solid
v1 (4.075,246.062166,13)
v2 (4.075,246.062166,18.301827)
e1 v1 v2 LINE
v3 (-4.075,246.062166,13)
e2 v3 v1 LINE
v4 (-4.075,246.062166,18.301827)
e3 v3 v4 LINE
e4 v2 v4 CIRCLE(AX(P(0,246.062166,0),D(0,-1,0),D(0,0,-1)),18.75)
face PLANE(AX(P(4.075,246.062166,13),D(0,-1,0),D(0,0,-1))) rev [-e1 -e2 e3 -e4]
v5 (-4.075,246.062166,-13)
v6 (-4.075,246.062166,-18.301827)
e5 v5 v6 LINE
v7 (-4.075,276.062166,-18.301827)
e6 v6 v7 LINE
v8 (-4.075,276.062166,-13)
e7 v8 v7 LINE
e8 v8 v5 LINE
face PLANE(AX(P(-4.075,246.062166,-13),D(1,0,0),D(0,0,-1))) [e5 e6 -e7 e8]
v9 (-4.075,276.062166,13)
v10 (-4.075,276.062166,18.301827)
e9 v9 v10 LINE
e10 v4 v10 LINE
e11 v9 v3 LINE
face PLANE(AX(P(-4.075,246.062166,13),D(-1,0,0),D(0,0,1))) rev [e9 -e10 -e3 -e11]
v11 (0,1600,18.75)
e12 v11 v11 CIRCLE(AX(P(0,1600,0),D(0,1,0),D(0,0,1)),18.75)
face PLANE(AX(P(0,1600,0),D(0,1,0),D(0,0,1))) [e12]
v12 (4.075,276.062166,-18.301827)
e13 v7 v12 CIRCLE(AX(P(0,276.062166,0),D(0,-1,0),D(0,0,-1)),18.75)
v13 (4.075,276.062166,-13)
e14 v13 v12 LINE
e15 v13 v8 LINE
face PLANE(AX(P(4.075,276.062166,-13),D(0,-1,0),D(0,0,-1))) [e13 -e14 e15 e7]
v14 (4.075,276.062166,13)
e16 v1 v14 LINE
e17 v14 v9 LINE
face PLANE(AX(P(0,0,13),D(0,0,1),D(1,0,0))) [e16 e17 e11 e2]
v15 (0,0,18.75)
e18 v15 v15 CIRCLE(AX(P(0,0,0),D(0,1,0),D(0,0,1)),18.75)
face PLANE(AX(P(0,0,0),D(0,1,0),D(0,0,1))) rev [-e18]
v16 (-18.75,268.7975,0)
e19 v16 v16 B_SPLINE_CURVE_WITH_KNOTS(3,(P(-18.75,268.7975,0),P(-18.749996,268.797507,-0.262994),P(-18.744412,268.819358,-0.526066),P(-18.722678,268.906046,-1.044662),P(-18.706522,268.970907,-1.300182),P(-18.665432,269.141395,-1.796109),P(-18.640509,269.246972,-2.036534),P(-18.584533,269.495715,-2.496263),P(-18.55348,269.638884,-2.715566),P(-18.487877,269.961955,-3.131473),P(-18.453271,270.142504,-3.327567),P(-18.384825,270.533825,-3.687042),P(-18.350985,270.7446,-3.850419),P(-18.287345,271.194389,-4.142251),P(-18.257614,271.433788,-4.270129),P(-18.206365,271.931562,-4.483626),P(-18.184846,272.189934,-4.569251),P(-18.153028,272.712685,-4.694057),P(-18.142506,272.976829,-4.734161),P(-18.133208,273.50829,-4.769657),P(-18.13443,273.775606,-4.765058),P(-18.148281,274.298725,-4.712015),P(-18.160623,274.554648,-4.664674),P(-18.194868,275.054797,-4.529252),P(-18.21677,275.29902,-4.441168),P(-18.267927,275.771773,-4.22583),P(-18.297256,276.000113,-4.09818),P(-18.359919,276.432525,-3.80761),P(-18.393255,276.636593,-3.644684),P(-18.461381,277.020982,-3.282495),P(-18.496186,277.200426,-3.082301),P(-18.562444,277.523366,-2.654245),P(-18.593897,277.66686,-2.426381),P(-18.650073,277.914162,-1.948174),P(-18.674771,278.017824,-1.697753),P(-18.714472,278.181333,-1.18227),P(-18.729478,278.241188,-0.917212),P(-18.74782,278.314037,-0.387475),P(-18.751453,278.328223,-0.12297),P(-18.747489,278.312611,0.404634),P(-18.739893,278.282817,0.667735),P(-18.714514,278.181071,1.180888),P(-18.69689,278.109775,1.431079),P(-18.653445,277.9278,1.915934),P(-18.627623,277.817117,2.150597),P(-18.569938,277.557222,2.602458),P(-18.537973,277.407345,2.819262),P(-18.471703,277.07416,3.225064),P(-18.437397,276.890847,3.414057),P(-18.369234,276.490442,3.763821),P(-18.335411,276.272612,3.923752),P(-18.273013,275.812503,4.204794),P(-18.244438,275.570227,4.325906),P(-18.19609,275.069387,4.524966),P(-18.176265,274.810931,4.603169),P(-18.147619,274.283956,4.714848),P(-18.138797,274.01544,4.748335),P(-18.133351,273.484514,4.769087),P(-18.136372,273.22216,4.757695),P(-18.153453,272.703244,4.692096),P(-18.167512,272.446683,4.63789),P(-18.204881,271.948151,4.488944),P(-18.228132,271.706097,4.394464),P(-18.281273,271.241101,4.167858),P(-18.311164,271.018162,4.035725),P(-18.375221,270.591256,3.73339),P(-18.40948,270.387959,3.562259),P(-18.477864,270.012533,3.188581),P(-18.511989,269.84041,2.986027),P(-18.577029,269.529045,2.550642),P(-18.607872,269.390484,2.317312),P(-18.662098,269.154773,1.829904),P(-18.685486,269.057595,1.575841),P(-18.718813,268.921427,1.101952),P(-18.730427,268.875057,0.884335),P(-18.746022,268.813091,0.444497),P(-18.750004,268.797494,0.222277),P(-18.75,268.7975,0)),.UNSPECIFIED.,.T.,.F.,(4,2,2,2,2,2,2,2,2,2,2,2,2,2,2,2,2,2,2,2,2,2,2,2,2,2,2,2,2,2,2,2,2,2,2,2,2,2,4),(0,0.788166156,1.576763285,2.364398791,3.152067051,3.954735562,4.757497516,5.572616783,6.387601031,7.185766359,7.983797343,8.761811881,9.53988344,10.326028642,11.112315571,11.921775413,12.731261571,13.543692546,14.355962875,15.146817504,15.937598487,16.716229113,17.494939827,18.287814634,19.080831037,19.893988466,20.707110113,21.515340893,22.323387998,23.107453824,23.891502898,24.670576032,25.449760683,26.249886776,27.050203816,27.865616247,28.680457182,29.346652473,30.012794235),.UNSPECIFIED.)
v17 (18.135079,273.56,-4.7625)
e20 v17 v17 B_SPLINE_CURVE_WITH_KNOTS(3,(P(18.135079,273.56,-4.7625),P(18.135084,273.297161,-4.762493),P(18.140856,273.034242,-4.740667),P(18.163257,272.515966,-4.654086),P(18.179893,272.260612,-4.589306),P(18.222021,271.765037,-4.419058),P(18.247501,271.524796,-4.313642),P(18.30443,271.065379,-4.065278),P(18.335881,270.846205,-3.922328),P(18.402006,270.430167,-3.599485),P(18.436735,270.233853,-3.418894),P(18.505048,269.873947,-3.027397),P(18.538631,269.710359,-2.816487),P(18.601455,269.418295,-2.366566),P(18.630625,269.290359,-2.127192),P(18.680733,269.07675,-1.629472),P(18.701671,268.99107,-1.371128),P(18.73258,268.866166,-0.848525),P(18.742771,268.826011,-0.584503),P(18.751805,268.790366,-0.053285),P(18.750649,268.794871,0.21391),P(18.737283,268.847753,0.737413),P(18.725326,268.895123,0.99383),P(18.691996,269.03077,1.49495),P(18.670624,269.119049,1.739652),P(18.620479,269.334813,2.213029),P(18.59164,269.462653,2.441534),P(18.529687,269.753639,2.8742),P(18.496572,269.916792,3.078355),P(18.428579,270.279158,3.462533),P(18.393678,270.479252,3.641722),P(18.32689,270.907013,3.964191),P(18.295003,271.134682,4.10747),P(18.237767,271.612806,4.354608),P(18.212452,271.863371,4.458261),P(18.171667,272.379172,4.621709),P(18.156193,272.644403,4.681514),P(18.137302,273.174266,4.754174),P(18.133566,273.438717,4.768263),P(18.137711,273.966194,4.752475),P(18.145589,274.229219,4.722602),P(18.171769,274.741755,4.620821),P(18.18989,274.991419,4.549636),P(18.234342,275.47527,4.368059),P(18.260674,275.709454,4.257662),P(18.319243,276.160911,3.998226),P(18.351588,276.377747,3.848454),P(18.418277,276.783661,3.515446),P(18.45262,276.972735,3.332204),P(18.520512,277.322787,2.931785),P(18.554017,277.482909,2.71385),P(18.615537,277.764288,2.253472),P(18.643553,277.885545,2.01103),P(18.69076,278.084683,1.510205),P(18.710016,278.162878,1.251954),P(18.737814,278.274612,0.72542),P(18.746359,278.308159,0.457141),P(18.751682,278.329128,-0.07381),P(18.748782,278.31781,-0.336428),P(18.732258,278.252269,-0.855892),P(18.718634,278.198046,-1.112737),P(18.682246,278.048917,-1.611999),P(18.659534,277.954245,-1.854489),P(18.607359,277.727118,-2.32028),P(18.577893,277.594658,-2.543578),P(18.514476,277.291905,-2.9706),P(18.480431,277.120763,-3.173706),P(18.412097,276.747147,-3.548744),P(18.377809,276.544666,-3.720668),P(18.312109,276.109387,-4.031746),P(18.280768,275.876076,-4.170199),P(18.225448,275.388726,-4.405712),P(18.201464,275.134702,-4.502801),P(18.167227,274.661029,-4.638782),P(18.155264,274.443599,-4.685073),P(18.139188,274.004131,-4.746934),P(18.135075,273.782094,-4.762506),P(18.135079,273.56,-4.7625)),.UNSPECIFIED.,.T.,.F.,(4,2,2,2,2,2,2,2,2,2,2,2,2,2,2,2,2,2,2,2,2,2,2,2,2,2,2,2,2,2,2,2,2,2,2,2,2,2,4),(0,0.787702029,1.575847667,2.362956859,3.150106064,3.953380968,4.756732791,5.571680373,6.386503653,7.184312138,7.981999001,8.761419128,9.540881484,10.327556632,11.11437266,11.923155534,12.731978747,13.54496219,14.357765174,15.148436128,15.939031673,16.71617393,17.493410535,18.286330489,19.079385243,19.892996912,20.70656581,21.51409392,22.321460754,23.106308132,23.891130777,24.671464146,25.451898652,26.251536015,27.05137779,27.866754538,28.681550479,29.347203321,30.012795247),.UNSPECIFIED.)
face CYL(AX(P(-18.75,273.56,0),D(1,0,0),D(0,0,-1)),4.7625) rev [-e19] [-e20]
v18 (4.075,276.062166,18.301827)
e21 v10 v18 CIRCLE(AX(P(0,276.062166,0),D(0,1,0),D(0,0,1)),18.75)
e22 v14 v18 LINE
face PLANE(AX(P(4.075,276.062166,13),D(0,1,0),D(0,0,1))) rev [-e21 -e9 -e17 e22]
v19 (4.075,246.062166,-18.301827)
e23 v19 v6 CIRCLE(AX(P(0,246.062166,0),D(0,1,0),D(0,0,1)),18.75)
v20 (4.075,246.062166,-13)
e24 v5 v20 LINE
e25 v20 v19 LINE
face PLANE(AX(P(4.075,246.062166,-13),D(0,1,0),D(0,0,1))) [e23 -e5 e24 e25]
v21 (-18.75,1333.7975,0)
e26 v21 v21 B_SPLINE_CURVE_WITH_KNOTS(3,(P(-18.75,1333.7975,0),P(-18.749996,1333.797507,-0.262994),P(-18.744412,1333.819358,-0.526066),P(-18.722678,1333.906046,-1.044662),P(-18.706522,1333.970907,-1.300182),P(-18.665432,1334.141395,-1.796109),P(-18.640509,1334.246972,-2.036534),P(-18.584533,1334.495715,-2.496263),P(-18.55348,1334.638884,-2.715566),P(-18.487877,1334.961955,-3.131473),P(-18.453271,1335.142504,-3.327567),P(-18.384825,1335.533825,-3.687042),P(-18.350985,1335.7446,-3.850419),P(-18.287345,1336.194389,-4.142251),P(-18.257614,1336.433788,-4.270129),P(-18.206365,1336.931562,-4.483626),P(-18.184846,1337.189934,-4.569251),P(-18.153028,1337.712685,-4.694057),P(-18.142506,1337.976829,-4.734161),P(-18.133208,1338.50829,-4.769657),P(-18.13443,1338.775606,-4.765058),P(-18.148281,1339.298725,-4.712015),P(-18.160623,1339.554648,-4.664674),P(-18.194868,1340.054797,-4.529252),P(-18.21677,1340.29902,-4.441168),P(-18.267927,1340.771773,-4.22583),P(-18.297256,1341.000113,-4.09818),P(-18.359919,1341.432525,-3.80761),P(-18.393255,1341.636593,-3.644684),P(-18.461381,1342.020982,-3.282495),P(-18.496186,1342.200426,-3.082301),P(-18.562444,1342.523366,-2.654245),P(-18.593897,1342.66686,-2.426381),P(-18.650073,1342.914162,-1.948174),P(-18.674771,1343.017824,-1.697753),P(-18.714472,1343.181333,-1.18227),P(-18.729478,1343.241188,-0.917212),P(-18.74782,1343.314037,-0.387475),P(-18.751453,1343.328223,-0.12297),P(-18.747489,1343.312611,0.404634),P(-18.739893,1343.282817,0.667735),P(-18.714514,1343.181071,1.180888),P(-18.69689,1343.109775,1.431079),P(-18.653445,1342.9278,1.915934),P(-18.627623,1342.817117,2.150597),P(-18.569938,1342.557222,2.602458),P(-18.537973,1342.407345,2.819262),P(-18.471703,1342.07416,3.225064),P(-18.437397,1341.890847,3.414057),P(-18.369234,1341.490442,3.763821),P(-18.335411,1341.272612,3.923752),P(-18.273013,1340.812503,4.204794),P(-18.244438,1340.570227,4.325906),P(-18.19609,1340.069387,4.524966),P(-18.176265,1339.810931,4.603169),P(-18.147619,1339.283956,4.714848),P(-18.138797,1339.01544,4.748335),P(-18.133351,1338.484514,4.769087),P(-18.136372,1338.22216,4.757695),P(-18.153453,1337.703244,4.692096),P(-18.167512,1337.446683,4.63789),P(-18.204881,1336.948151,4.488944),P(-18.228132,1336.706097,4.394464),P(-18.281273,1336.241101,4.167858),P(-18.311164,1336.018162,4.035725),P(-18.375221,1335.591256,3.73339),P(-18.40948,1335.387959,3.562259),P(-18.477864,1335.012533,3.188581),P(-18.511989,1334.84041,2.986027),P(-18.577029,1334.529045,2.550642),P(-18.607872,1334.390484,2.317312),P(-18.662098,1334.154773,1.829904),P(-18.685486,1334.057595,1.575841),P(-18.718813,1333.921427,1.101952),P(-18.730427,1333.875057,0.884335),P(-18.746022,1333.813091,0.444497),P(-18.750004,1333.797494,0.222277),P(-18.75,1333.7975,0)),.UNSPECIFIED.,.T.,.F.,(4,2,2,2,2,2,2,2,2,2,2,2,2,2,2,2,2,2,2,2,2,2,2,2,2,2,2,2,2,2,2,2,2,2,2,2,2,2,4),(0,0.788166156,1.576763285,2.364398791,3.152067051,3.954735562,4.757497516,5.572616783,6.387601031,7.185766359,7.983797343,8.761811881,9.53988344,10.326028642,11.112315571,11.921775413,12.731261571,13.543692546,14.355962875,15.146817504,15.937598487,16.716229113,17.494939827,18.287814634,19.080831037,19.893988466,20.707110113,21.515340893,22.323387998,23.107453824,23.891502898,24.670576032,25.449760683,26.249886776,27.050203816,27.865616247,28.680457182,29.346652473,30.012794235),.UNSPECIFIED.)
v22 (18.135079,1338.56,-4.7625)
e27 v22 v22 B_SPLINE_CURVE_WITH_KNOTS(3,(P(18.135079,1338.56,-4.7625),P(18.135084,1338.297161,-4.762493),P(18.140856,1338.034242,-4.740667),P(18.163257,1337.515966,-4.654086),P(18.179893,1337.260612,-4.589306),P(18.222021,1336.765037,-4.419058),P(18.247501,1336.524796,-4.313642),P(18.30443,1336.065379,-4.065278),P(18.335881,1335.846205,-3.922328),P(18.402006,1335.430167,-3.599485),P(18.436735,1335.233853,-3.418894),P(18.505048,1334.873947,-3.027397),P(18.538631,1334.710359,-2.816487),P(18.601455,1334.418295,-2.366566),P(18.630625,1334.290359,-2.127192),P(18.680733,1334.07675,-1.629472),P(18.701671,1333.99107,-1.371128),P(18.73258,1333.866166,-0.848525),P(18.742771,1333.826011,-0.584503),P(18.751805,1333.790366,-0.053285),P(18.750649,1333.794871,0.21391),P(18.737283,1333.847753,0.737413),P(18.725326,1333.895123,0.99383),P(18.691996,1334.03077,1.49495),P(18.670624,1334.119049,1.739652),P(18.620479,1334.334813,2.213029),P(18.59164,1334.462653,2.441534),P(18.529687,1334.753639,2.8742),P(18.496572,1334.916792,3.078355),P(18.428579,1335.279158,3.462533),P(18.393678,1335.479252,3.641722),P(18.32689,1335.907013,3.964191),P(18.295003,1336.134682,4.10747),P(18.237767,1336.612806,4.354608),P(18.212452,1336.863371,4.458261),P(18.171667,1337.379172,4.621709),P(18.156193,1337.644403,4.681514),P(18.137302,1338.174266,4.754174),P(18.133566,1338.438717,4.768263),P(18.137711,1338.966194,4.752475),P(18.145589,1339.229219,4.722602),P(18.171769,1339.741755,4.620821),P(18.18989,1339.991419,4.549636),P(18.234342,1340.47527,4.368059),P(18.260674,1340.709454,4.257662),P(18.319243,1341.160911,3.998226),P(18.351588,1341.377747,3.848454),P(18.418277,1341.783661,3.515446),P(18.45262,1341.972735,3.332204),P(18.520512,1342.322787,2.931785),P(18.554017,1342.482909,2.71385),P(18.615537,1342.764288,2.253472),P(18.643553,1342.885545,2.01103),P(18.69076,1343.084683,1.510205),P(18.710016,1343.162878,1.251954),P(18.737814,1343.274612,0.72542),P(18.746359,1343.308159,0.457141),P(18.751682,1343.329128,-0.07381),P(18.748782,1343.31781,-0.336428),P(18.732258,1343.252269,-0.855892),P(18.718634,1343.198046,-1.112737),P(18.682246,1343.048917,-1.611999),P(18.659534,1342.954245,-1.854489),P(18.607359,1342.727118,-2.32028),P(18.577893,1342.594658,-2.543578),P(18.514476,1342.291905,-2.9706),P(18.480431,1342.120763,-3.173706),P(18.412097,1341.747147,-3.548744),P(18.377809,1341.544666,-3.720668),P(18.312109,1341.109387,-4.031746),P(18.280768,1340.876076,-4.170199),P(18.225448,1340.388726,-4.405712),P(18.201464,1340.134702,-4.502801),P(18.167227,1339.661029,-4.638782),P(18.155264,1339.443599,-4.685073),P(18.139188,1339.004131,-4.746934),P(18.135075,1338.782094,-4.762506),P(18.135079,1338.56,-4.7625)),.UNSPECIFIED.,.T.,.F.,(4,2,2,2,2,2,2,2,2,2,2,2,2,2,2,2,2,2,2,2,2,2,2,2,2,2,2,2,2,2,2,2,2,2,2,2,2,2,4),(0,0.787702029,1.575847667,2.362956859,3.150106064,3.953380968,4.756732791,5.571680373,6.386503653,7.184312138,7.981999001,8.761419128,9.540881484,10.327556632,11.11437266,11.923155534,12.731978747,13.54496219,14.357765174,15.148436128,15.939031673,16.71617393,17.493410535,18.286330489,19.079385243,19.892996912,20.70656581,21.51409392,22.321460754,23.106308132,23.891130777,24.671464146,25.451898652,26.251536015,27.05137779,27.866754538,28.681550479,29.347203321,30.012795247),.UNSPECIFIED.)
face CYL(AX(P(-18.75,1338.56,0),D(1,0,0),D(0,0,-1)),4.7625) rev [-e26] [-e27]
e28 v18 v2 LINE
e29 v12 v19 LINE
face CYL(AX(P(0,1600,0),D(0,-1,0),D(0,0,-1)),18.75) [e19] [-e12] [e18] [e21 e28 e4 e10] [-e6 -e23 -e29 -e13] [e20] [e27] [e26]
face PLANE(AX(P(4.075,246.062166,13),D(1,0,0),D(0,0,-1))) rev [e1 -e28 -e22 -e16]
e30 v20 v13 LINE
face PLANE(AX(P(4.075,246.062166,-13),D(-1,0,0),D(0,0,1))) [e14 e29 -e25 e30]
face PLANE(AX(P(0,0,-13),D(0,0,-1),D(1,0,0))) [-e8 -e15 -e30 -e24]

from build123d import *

# Parameters (mm, degrees)
CROQUIS1_R                 = 18.75
SALIENTE_EXTRUIR1_DEPTH    = 1600
CROQUIS3_W                 = 8.15
CROQUIS3_H                 = 30
CORTAR_EXTRUIR1_DEPTH      = 5.75
CORTAR_EXTRUIR2_DEPTH      = 1601.219711477
CORTAR_EXTRUIR2_DEPTH_BACK = 1601.219711477
CROQUIS5_R                 = 4.7625
CORTAR_EXTRUIR3_DEPTH      = 1601.219711579
CORTAR_EXTRUIR3_DEPTH_BACK = 1601.219711579
CROQUIS6_R                 = 4.7625


with BuildPart() as part:
    # Croquis1 → Saliente-Extruir1 (new body)
    with BuildSketch(Plane(origin=(0, 0, 0), x_dir=(1, 0, 0), z_dir=(0, 1, 0))):
        with Locations(Location((0, 0, 0), (0, 0, 270))):
            Circle(CROQUIS1_R)
    extrude(amount=SALIENTE_EXTRUIR1_DEPTH)

    # Croquis3 → Cortar-Extruir1 (cut)
    with BuildSketch(Plane.XY.offset(18.75)):
        with Locations((0, 261.062165694)):
            Rectangle(CROQUIS3_W, CROQUIS3_H)
    cortar_extruir1 = extrude(amount=-CORTAR_EXTRUIR1_DEPTH, mode=Mode.SUBTRACT)

    # Simetría1: Cortar-Extruir1 across plane
    add(cortar_extruir1.mirror(Plane.XY), mode=Mode.SUBTRACT)

    # Croquis5 → Cortar-Extruir2 (cut, two sides: drawn at the far end of the back side and taken through both)
    with BuildSketch(Plane(origin=(0, 0, 0), x_dir=(0, 0, -1), z_dir=(1, 0, 0)).offset(-CORTAR_EXTRUIR2_DEPTH_BACK)):
        with Locations((0, 273.56)):
            Circle(CROQUIS5_R)
    extrude(amount=CORTAR_EXTRUIR2_DEPTH + CORTAR_EXTRUIR2_DEPTH_BACK, mode=Mode.SUBTRACT)

    # Croquis6 → Cortar-Extruir3 (cut, two sides: drawn at the far end of the back side and taken through both)
    with BuildSketch(Plane(origin=(0, 0, 0), x_dir=(0, 0, -1), z_dir=(1, 0, 0)).offset(-CORTAR_EXTRUIR3_DEPTH_BACK)):
        with Locations((0, 1338.56)):
            Circle(CROQUIS6_R)
    extrude(amount=CORTAR_EXTRUIR3_DEPTH + CORTAR_EXTRUIR3_DEPTH_BACK, mode=Mode.SUBTRACT)


solid = part.part
